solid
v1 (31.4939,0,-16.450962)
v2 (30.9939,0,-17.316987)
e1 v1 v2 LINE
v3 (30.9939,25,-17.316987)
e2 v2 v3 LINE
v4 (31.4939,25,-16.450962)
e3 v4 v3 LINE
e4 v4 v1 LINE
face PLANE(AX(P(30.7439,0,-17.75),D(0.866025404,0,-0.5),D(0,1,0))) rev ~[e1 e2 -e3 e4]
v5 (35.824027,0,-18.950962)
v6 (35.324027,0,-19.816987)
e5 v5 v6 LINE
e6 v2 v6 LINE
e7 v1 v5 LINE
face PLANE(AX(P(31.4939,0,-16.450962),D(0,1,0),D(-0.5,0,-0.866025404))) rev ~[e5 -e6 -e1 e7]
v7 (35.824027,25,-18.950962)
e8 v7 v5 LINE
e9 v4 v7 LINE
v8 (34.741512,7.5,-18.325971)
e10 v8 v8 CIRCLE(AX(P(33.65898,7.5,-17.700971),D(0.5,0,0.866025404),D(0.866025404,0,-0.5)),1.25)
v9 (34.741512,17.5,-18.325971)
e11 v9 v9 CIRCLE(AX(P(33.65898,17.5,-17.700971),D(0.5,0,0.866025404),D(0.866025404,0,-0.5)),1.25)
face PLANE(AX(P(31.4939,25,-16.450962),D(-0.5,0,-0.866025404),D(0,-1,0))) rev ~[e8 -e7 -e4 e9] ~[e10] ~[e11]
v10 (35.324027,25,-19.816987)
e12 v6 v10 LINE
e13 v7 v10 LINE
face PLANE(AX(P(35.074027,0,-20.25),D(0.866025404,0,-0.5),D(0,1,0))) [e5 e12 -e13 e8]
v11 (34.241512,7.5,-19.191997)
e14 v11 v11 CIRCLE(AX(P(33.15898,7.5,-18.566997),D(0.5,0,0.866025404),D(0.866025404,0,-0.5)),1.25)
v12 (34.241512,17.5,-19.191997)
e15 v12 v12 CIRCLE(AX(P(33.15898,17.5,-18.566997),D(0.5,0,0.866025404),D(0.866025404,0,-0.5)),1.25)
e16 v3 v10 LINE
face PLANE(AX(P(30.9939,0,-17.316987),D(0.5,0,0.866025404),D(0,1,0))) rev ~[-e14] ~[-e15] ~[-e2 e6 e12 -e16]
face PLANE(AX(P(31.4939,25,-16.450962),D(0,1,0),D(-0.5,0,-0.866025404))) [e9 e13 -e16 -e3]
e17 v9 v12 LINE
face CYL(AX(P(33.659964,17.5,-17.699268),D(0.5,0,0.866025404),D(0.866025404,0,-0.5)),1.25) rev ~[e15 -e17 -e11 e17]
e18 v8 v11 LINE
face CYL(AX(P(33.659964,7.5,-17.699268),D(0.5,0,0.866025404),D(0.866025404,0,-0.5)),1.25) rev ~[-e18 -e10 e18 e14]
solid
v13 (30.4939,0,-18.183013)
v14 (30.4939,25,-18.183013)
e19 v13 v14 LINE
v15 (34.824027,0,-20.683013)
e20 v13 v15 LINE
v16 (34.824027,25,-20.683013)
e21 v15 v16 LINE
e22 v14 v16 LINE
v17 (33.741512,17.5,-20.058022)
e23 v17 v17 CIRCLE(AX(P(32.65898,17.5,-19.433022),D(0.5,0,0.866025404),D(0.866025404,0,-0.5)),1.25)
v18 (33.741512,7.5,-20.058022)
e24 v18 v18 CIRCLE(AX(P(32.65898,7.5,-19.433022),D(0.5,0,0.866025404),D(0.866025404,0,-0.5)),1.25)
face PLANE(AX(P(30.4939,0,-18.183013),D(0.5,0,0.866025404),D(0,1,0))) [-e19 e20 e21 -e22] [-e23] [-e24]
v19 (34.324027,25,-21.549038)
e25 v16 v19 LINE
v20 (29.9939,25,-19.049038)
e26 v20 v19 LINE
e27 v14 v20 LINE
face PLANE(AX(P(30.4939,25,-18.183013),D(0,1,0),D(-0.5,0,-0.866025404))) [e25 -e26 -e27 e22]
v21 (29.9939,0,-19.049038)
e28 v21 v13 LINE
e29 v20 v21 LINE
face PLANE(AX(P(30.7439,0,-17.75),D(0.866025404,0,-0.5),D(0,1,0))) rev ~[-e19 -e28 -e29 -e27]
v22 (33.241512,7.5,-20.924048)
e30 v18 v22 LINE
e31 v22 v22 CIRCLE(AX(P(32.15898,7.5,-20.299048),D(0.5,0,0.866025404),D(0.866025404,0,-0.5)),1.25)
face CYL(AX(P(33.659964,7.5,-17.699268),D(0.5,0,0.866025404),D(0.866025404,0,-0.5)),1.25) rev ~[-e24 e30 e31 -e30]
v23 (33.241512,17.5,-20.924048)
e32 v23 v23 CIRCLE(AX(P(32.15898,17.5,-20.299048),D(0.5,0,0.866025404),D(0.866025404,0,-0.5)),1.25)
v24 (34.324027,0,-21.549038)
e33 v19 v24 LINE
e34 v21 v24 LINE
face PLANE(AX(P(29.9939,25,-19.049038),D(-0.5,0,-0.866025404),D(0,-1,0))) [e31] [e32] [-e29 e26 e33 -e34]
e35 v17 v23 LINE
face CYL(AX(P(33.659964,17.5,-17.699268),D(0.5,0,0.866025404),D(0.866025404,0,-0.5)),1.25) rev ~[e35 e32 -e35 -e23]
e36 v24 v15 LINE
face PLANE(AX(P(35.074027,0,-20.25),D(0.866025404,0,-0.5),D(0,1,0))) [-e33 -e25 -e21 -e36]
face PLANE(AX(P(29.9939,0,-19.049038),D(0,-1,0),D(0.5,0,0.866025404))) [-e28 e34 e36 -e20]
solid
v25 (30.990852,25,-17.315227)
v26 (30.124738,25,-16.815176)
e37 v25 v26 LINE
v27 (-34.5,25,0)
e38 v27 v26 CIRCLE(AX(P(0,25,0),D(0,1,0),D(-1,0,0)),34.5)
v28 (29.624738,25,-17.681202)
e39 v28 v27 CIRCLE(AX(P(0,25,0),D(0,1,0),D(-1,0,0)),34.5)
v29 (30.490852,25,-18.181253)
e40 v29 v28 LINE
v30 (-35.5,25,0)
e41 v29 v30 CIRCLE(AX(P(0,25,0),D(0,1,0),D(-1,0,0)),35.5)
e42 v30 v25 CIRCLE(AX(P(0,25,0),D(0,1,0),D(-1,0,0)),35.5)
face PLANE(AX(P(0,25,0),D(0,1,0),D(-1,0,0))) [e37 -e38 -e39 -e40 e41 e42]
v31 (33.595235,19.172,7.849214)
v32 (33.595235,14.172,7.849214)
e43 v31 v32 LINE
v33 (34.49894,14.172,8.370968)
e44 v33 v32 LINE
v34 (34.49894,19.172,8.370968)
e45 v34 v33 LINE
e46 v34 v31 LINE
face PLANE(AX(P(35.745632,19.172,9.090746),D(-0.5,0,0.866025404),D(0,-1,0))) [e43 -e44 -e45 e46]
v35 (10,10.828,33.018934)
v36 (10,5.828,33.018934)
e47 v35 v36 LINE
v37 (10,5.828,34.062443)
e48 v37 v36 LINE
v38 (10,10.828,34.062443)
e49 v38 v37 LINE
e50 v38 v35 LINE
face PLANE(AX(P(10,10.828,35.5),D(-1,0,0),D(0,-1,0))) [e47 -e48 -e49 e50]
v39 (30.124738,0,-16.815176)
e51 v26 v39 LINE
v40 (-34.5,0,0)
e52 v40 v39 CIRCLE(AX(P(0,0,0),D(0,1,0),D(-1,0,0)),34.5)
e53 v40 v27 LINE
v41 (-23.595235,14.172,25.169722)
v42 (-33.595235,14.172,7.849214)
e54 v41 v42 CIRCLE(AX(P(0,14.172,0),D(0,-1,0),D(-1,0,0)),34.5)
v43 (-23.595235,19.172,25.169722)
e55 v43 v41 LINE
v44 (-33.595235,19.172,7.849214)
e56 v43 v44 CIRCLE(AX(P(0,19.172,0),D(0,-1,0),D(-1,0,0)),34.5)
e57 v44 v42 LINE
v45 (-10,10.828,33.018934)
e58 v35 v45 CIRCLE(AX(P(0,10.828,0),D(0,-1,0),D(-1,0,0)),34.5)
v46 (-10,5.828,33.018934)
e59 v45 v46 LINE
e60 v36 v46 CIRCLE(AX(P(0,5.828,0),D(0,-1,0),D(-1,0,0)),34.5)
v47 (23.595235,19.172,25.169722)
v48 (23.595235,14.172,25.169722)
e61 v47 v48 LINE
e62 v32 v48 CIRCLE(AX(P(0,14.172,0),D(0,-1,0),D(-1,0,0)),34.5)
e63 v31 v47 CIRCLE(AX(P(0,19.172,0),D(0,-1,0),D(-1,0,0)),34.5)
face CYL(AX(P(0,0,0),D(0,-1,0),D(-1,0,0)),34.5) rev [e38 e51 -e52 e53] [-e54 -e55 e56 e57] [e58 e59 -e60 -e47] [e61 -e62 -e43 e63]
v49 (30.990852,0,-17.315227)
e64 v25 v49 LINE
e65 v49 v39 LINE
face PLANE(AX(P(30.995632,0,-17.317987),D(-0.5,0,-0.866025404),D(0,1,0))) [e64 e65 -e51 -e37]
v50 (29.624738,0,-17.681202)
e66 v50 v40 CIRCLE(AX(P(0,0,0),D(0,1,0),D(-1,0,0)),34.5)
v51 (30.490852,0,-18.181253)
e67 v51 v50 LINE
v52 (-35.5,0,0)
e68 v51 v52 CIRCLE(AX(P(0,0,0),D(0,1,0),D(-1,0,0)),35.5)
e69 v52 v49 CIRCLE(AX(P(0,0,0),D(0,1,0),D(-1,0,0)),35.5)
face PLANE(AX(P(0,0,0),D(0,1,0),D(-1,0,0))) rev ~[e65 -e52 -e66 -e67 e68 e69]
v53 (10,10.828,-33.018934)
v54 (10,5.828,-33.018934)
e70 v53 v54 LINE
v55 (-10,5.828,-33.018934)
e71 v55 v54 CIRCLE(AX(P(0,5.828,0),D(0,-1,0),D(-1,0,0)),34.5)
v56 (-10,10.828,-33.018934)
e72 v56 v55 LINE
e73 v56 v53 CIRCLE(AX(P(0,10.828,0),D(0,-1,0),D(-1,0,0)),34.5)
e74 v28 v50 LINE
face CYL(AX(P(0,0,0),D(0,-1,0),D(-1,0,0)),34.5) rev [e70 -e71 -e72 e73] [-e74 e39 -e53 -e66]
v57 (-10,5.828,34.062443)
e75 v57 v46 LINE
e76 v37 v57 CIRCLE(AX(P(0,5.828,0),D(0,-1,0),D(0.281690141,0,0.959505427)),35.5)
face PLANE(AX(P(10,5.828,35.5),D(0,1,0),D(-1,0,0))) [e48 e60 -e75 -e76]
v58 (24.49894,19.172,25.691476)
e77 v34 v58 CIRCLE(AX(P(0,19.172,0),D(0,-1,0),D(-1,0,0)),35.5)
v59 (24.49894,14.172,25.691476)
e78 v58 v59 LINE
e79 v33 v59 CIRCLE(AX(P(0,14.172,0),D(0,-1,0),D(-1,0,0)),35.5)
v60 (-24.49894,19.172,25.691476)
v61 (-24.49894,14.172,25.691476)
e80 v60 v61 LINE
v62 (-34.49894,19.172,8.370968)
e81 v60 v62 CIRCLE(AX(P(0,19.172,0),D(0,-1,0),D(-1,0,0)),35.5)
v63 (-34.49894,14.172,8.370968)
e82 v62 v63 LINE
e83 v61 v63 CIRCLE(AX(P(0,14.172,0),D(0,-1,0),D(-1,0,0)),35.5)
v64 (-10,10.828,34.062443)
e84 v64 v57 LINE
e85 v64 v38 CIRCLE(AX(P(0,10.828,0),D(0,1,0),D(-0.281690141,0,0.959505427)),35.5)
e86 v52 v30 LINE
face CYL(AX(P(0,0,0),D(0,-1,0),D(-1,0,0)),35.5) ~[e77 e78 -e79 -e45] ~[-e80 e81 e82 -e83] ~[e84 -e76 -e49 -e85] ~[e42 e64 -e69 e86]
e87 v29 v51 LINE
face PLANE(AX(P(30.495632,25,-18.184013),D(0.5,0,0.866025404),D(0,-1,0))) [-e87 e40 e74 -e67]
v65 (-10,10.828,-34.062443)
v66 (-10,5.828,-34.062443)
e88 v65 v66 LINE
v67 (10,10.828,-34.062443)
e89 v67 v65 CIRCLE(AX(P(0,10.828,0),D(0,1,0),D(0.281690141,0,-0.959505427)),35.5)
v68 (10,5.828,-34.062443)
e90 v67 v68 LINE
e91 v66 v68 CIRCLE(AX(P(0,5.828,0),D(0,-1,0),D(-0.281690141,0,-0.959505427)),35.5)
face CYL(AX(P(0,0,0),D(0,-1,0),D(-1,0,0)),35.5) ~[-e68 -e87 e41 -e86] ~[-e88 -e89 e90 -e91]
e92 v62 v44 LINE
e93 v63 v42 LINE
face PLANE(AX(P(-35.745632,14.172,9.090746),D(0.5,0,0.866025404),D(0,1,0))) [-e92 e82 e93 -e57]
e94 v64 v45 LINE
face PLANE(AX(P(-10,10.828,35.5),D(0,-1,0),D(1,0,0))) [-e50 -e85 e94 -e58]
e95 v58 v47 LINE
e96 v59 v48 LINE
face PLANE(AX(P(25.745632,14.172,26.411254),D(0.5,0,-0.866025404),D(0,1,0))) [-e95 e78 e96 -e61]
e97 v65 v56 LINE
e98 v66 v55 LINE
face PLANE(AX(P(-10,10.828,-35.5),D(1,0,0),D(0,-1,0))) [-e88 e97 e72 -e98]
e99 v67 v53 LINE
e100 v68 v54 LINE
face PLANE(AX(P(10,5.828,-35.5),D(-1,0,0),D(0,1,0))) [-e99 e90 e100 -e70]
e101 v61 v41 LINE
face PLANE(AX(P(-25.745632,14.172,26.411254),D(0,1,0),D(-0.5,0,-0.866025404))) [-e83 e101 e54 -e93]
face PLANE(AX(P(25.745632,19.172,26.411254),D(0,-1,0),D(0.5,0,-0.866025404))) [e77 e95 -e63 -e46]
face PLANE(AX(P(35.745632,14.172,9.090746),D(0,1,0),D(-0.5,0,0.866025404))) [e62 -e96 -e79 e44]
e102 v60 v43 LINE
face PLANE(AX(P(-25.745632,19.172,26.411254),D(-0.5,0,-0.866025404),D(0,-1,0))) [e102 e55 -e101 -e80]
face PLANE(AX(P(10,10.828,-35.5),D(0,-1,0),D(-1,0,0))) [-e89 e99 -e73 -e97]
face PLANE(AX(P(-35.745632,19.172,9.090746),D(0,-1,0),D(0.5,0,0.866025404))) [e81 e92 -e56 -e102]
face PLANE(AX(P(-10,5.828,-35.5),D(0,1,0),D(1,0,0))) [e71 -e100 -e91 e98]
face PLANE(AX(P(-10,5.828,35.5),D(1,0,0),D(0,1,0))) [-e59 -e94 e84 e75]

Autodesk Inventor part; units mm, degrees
sketch "Sketch1" plane through (0, 0, 0) normal (0, 1, 0) x (-1, 0, 0)
  circle A0 centre (0, 0) radius 34.5
  circle A1 centre (0, 0) radius 35.5
  dimension "d0" = 69
  dimension "d1" = 71
extrude "Extrusion1" add sketch "Sketch1" along normal blind 25
ref_plane "Work Plane1" through (0, 0, 35.5) normal (0, 0, 1) x (1, 0, 0)
ref_plane "Work Plane2" through (0, 0, -35.5) normal (0, 0, 1) x (1, 0, 0)
ref_plane "Work Plane3" through (0, 0, 0) normal (0.866, 0, -0.5) x (0, 1, 0)
ref_plane "Work Plane6" through (30.7439, 0, 17.75) normal (0.866, 0, 0.5) x (0, 1, 0)
ref_plane "Work Plane5" through (0, 0, 0) normal (0.866, 0, 0.5) x (0, 1, 0)
sketch "Sketch3" plane through (0, 0, 35.5) normal (0, 0, 1) x (1, 0, 0)
  line L0 (-10, 10.828) -> (10, 10.828)
  line L1 (10, 10.828) -> (10, 5.828)
  line L2 (10, 5.828) -> (-10, 5.828)
  line L3 (-10, 5.828) -> (-10, 10.828)
  line L4 (-35.5, 0) -> (35.5, 0) projected
  point P0 (0, 0)
  dimension "d6" = 10.828
  dimension "d7" = 5
  dimension "d8" = 10
  dimension "d9" = 20
sketch "Sketch4" plane through (0, 0, -35.5) normal (0, 0, 1) x (1, 0, 0)
  line L0 (-10, 5.828) -> (10, 5.828)
  line L1 (10, 5.828) -> (10, 10.828)
  line L2 (10, 10.828) -> (-10, 10.828)
  line L3 (-10, 10.828) -> (-10, 5.828)
  point P0 (0, 0)
  dimension "d10" = 10.828
  dimension "d11" = 5
  dimension "d12" = 10
  dimension "d13" = 20
ref_plane "Work Plane7" through (-30.7439, 0, 17.75) normal (0.866, 0, -0.5) x (0, 1, 0)
sketch "Sketch5" plane through (-30.7439, 0, 17.75) normal (0.866, 0, -0.5) x (0, 1, 0)
  line L0 (19.172, 10) -> (14.172, 10)
  line L1 (14.172, 10) -> (14.172, -10)
  line L2 (14.172, -10) -> (19.172, -10)
  line L3 (19.172, -10) -> (19.172, 10)
  line L4 (25, -35.5) -> (25, 35.5) projected
  point P0 (0, 0)
  dimension "d14" = 10.828
  dimension "d15" = 5
  dimension "d16" = 10
  dimension "d17" = 20
sketch "Sketch6" plane through (30.7439, 0, 17.75) normal (0.866, 0, 0.5) x (0, 1, 0)
  line L0 (14.172, 10) -> (19.172, 10)
  line L1 (19.172, 10) -> (19.172, -10)
  line L2 (19.172, -10) -> (14.172, -10)
  line L3 (14.172, -10) -> (14.172, 10)
  line L4 (25, -35.5) -> (25, 35.5) projected
  point P0 (0, 0)
  dimension "d18" = 10.828
  dimension "d19" = 5
  dimension "d20" = 20
  dimension "d21" = 10
extrude "Extrusion2" cut sketch "Sketch3" against normal blind 25
extrude "Extrusion3" cut sketch "Sketch6" against normal blind 25
extrude "Extrusion4" cut sketch "Sketch4" along normal blind 25
extrude "Extrusion5" cut sketch "Sketch5" along normal blind 25
ref_plane "Work Plane8" through (30.7439, 0, -17.75) normal (0.866, 0, -0.5) x (0, 1, 0)
sketch "Sketch7" plane through (30.7439, 0, -17.75) normal (0.866, 0, -0.5) x (0, 1, 0)
  line L0 (25, -0.5) -> (0, -0.5)
  line L1 (0, -0.5) -> (0, 0.5)
  line L2 (0, 0.5) -> (25, 0.5)
  line L3 (25, 0.5) -> (25, -0.5)
  line L4 (25, -0.5) -> (0, 0.5) construction
  line L5 (0, -0.5) -> (25, 0.5) construction
  point P0 (0, 0)
  point P1 (12.5, 0)
  dimension "d30" = 25
  dimension "d31" = 1
  dimension "d32" = 0.5
extrude "Extrusion6" cut sketch "Sketch7" against normal blind 25
sketch "Sketch8" plane through (30.7439, 0, -17.75) normal (0.866, 0, -0.5) x (0, 1, 0)
  line L0 (25, 34.5) -> (25, -34.5) projected
  line L1 (0, 0.5) -> (25, 0.5)
  line L2 (25, 0.5) -> (25, 1.5)
  line L3 (25, 1.5) -> (0, 1.5)
  line L4 (0, 1.5) -> (0, 0.5)
  line L5 (0, -0.5) -> (25, -0.5)
  line L6 (25, -0.5) -> (25, -1.5)
  line L7 (25, -1.5) -> (0, -1.5)
  line L8 (0, -1.5) -> (0, -0.5)
  point P0 (0, 0)
  point P1 (25, 0.5)
  dimension "d35" = 1
  dimension "d36" = 1
extrude "Extrusion7" add sketch "Sketch8" along normal blind 5
sketch "Sketch9" plane through (31.4939, 0, -16.451) normal (0.5, 0, 0.866) x (0.866, 0, -0.5)
  circle A0 centre (2.5, 7.5) radius 1.25
  circle A1 centre (2.5, 17.5) radius 1.25
  line L0 (0, 0) -> (5, 0) projected
  line L1 (0, 25) -> (5, 25) projected
  line L2 (5, 25) -> (5, 0) projected
  point P0 (-35.5, 0)
  dimension "d39" = 2.5
  dimension "d40" = 2.5
  dimension "d44" = 2.5
  dimension "d45" = 2.5
  dimension "d46" = 7.5
  dimension "d47" = 7.5
extrude "Extrusion8" cut sketch "Sketch9" against normal blind 5
equation "\"d9\" = 2 * d8"
equation "\"d10\" = d6"
equation "\"d12\" = d8"
equation "\"d13\" = 2 * d12"
equation "\"d14\" = d6"
equation "\"d15\" = d7"
equation "\"d17\" = 2 * d16"
equation "\"d18\" = d6"
equation "\"d19\" = d7"
equation "\"d20\" = d17"
equation "\"d21\" = d8"
equation "\"d32\" = 0.5 * d31"
properties part number "ring"
